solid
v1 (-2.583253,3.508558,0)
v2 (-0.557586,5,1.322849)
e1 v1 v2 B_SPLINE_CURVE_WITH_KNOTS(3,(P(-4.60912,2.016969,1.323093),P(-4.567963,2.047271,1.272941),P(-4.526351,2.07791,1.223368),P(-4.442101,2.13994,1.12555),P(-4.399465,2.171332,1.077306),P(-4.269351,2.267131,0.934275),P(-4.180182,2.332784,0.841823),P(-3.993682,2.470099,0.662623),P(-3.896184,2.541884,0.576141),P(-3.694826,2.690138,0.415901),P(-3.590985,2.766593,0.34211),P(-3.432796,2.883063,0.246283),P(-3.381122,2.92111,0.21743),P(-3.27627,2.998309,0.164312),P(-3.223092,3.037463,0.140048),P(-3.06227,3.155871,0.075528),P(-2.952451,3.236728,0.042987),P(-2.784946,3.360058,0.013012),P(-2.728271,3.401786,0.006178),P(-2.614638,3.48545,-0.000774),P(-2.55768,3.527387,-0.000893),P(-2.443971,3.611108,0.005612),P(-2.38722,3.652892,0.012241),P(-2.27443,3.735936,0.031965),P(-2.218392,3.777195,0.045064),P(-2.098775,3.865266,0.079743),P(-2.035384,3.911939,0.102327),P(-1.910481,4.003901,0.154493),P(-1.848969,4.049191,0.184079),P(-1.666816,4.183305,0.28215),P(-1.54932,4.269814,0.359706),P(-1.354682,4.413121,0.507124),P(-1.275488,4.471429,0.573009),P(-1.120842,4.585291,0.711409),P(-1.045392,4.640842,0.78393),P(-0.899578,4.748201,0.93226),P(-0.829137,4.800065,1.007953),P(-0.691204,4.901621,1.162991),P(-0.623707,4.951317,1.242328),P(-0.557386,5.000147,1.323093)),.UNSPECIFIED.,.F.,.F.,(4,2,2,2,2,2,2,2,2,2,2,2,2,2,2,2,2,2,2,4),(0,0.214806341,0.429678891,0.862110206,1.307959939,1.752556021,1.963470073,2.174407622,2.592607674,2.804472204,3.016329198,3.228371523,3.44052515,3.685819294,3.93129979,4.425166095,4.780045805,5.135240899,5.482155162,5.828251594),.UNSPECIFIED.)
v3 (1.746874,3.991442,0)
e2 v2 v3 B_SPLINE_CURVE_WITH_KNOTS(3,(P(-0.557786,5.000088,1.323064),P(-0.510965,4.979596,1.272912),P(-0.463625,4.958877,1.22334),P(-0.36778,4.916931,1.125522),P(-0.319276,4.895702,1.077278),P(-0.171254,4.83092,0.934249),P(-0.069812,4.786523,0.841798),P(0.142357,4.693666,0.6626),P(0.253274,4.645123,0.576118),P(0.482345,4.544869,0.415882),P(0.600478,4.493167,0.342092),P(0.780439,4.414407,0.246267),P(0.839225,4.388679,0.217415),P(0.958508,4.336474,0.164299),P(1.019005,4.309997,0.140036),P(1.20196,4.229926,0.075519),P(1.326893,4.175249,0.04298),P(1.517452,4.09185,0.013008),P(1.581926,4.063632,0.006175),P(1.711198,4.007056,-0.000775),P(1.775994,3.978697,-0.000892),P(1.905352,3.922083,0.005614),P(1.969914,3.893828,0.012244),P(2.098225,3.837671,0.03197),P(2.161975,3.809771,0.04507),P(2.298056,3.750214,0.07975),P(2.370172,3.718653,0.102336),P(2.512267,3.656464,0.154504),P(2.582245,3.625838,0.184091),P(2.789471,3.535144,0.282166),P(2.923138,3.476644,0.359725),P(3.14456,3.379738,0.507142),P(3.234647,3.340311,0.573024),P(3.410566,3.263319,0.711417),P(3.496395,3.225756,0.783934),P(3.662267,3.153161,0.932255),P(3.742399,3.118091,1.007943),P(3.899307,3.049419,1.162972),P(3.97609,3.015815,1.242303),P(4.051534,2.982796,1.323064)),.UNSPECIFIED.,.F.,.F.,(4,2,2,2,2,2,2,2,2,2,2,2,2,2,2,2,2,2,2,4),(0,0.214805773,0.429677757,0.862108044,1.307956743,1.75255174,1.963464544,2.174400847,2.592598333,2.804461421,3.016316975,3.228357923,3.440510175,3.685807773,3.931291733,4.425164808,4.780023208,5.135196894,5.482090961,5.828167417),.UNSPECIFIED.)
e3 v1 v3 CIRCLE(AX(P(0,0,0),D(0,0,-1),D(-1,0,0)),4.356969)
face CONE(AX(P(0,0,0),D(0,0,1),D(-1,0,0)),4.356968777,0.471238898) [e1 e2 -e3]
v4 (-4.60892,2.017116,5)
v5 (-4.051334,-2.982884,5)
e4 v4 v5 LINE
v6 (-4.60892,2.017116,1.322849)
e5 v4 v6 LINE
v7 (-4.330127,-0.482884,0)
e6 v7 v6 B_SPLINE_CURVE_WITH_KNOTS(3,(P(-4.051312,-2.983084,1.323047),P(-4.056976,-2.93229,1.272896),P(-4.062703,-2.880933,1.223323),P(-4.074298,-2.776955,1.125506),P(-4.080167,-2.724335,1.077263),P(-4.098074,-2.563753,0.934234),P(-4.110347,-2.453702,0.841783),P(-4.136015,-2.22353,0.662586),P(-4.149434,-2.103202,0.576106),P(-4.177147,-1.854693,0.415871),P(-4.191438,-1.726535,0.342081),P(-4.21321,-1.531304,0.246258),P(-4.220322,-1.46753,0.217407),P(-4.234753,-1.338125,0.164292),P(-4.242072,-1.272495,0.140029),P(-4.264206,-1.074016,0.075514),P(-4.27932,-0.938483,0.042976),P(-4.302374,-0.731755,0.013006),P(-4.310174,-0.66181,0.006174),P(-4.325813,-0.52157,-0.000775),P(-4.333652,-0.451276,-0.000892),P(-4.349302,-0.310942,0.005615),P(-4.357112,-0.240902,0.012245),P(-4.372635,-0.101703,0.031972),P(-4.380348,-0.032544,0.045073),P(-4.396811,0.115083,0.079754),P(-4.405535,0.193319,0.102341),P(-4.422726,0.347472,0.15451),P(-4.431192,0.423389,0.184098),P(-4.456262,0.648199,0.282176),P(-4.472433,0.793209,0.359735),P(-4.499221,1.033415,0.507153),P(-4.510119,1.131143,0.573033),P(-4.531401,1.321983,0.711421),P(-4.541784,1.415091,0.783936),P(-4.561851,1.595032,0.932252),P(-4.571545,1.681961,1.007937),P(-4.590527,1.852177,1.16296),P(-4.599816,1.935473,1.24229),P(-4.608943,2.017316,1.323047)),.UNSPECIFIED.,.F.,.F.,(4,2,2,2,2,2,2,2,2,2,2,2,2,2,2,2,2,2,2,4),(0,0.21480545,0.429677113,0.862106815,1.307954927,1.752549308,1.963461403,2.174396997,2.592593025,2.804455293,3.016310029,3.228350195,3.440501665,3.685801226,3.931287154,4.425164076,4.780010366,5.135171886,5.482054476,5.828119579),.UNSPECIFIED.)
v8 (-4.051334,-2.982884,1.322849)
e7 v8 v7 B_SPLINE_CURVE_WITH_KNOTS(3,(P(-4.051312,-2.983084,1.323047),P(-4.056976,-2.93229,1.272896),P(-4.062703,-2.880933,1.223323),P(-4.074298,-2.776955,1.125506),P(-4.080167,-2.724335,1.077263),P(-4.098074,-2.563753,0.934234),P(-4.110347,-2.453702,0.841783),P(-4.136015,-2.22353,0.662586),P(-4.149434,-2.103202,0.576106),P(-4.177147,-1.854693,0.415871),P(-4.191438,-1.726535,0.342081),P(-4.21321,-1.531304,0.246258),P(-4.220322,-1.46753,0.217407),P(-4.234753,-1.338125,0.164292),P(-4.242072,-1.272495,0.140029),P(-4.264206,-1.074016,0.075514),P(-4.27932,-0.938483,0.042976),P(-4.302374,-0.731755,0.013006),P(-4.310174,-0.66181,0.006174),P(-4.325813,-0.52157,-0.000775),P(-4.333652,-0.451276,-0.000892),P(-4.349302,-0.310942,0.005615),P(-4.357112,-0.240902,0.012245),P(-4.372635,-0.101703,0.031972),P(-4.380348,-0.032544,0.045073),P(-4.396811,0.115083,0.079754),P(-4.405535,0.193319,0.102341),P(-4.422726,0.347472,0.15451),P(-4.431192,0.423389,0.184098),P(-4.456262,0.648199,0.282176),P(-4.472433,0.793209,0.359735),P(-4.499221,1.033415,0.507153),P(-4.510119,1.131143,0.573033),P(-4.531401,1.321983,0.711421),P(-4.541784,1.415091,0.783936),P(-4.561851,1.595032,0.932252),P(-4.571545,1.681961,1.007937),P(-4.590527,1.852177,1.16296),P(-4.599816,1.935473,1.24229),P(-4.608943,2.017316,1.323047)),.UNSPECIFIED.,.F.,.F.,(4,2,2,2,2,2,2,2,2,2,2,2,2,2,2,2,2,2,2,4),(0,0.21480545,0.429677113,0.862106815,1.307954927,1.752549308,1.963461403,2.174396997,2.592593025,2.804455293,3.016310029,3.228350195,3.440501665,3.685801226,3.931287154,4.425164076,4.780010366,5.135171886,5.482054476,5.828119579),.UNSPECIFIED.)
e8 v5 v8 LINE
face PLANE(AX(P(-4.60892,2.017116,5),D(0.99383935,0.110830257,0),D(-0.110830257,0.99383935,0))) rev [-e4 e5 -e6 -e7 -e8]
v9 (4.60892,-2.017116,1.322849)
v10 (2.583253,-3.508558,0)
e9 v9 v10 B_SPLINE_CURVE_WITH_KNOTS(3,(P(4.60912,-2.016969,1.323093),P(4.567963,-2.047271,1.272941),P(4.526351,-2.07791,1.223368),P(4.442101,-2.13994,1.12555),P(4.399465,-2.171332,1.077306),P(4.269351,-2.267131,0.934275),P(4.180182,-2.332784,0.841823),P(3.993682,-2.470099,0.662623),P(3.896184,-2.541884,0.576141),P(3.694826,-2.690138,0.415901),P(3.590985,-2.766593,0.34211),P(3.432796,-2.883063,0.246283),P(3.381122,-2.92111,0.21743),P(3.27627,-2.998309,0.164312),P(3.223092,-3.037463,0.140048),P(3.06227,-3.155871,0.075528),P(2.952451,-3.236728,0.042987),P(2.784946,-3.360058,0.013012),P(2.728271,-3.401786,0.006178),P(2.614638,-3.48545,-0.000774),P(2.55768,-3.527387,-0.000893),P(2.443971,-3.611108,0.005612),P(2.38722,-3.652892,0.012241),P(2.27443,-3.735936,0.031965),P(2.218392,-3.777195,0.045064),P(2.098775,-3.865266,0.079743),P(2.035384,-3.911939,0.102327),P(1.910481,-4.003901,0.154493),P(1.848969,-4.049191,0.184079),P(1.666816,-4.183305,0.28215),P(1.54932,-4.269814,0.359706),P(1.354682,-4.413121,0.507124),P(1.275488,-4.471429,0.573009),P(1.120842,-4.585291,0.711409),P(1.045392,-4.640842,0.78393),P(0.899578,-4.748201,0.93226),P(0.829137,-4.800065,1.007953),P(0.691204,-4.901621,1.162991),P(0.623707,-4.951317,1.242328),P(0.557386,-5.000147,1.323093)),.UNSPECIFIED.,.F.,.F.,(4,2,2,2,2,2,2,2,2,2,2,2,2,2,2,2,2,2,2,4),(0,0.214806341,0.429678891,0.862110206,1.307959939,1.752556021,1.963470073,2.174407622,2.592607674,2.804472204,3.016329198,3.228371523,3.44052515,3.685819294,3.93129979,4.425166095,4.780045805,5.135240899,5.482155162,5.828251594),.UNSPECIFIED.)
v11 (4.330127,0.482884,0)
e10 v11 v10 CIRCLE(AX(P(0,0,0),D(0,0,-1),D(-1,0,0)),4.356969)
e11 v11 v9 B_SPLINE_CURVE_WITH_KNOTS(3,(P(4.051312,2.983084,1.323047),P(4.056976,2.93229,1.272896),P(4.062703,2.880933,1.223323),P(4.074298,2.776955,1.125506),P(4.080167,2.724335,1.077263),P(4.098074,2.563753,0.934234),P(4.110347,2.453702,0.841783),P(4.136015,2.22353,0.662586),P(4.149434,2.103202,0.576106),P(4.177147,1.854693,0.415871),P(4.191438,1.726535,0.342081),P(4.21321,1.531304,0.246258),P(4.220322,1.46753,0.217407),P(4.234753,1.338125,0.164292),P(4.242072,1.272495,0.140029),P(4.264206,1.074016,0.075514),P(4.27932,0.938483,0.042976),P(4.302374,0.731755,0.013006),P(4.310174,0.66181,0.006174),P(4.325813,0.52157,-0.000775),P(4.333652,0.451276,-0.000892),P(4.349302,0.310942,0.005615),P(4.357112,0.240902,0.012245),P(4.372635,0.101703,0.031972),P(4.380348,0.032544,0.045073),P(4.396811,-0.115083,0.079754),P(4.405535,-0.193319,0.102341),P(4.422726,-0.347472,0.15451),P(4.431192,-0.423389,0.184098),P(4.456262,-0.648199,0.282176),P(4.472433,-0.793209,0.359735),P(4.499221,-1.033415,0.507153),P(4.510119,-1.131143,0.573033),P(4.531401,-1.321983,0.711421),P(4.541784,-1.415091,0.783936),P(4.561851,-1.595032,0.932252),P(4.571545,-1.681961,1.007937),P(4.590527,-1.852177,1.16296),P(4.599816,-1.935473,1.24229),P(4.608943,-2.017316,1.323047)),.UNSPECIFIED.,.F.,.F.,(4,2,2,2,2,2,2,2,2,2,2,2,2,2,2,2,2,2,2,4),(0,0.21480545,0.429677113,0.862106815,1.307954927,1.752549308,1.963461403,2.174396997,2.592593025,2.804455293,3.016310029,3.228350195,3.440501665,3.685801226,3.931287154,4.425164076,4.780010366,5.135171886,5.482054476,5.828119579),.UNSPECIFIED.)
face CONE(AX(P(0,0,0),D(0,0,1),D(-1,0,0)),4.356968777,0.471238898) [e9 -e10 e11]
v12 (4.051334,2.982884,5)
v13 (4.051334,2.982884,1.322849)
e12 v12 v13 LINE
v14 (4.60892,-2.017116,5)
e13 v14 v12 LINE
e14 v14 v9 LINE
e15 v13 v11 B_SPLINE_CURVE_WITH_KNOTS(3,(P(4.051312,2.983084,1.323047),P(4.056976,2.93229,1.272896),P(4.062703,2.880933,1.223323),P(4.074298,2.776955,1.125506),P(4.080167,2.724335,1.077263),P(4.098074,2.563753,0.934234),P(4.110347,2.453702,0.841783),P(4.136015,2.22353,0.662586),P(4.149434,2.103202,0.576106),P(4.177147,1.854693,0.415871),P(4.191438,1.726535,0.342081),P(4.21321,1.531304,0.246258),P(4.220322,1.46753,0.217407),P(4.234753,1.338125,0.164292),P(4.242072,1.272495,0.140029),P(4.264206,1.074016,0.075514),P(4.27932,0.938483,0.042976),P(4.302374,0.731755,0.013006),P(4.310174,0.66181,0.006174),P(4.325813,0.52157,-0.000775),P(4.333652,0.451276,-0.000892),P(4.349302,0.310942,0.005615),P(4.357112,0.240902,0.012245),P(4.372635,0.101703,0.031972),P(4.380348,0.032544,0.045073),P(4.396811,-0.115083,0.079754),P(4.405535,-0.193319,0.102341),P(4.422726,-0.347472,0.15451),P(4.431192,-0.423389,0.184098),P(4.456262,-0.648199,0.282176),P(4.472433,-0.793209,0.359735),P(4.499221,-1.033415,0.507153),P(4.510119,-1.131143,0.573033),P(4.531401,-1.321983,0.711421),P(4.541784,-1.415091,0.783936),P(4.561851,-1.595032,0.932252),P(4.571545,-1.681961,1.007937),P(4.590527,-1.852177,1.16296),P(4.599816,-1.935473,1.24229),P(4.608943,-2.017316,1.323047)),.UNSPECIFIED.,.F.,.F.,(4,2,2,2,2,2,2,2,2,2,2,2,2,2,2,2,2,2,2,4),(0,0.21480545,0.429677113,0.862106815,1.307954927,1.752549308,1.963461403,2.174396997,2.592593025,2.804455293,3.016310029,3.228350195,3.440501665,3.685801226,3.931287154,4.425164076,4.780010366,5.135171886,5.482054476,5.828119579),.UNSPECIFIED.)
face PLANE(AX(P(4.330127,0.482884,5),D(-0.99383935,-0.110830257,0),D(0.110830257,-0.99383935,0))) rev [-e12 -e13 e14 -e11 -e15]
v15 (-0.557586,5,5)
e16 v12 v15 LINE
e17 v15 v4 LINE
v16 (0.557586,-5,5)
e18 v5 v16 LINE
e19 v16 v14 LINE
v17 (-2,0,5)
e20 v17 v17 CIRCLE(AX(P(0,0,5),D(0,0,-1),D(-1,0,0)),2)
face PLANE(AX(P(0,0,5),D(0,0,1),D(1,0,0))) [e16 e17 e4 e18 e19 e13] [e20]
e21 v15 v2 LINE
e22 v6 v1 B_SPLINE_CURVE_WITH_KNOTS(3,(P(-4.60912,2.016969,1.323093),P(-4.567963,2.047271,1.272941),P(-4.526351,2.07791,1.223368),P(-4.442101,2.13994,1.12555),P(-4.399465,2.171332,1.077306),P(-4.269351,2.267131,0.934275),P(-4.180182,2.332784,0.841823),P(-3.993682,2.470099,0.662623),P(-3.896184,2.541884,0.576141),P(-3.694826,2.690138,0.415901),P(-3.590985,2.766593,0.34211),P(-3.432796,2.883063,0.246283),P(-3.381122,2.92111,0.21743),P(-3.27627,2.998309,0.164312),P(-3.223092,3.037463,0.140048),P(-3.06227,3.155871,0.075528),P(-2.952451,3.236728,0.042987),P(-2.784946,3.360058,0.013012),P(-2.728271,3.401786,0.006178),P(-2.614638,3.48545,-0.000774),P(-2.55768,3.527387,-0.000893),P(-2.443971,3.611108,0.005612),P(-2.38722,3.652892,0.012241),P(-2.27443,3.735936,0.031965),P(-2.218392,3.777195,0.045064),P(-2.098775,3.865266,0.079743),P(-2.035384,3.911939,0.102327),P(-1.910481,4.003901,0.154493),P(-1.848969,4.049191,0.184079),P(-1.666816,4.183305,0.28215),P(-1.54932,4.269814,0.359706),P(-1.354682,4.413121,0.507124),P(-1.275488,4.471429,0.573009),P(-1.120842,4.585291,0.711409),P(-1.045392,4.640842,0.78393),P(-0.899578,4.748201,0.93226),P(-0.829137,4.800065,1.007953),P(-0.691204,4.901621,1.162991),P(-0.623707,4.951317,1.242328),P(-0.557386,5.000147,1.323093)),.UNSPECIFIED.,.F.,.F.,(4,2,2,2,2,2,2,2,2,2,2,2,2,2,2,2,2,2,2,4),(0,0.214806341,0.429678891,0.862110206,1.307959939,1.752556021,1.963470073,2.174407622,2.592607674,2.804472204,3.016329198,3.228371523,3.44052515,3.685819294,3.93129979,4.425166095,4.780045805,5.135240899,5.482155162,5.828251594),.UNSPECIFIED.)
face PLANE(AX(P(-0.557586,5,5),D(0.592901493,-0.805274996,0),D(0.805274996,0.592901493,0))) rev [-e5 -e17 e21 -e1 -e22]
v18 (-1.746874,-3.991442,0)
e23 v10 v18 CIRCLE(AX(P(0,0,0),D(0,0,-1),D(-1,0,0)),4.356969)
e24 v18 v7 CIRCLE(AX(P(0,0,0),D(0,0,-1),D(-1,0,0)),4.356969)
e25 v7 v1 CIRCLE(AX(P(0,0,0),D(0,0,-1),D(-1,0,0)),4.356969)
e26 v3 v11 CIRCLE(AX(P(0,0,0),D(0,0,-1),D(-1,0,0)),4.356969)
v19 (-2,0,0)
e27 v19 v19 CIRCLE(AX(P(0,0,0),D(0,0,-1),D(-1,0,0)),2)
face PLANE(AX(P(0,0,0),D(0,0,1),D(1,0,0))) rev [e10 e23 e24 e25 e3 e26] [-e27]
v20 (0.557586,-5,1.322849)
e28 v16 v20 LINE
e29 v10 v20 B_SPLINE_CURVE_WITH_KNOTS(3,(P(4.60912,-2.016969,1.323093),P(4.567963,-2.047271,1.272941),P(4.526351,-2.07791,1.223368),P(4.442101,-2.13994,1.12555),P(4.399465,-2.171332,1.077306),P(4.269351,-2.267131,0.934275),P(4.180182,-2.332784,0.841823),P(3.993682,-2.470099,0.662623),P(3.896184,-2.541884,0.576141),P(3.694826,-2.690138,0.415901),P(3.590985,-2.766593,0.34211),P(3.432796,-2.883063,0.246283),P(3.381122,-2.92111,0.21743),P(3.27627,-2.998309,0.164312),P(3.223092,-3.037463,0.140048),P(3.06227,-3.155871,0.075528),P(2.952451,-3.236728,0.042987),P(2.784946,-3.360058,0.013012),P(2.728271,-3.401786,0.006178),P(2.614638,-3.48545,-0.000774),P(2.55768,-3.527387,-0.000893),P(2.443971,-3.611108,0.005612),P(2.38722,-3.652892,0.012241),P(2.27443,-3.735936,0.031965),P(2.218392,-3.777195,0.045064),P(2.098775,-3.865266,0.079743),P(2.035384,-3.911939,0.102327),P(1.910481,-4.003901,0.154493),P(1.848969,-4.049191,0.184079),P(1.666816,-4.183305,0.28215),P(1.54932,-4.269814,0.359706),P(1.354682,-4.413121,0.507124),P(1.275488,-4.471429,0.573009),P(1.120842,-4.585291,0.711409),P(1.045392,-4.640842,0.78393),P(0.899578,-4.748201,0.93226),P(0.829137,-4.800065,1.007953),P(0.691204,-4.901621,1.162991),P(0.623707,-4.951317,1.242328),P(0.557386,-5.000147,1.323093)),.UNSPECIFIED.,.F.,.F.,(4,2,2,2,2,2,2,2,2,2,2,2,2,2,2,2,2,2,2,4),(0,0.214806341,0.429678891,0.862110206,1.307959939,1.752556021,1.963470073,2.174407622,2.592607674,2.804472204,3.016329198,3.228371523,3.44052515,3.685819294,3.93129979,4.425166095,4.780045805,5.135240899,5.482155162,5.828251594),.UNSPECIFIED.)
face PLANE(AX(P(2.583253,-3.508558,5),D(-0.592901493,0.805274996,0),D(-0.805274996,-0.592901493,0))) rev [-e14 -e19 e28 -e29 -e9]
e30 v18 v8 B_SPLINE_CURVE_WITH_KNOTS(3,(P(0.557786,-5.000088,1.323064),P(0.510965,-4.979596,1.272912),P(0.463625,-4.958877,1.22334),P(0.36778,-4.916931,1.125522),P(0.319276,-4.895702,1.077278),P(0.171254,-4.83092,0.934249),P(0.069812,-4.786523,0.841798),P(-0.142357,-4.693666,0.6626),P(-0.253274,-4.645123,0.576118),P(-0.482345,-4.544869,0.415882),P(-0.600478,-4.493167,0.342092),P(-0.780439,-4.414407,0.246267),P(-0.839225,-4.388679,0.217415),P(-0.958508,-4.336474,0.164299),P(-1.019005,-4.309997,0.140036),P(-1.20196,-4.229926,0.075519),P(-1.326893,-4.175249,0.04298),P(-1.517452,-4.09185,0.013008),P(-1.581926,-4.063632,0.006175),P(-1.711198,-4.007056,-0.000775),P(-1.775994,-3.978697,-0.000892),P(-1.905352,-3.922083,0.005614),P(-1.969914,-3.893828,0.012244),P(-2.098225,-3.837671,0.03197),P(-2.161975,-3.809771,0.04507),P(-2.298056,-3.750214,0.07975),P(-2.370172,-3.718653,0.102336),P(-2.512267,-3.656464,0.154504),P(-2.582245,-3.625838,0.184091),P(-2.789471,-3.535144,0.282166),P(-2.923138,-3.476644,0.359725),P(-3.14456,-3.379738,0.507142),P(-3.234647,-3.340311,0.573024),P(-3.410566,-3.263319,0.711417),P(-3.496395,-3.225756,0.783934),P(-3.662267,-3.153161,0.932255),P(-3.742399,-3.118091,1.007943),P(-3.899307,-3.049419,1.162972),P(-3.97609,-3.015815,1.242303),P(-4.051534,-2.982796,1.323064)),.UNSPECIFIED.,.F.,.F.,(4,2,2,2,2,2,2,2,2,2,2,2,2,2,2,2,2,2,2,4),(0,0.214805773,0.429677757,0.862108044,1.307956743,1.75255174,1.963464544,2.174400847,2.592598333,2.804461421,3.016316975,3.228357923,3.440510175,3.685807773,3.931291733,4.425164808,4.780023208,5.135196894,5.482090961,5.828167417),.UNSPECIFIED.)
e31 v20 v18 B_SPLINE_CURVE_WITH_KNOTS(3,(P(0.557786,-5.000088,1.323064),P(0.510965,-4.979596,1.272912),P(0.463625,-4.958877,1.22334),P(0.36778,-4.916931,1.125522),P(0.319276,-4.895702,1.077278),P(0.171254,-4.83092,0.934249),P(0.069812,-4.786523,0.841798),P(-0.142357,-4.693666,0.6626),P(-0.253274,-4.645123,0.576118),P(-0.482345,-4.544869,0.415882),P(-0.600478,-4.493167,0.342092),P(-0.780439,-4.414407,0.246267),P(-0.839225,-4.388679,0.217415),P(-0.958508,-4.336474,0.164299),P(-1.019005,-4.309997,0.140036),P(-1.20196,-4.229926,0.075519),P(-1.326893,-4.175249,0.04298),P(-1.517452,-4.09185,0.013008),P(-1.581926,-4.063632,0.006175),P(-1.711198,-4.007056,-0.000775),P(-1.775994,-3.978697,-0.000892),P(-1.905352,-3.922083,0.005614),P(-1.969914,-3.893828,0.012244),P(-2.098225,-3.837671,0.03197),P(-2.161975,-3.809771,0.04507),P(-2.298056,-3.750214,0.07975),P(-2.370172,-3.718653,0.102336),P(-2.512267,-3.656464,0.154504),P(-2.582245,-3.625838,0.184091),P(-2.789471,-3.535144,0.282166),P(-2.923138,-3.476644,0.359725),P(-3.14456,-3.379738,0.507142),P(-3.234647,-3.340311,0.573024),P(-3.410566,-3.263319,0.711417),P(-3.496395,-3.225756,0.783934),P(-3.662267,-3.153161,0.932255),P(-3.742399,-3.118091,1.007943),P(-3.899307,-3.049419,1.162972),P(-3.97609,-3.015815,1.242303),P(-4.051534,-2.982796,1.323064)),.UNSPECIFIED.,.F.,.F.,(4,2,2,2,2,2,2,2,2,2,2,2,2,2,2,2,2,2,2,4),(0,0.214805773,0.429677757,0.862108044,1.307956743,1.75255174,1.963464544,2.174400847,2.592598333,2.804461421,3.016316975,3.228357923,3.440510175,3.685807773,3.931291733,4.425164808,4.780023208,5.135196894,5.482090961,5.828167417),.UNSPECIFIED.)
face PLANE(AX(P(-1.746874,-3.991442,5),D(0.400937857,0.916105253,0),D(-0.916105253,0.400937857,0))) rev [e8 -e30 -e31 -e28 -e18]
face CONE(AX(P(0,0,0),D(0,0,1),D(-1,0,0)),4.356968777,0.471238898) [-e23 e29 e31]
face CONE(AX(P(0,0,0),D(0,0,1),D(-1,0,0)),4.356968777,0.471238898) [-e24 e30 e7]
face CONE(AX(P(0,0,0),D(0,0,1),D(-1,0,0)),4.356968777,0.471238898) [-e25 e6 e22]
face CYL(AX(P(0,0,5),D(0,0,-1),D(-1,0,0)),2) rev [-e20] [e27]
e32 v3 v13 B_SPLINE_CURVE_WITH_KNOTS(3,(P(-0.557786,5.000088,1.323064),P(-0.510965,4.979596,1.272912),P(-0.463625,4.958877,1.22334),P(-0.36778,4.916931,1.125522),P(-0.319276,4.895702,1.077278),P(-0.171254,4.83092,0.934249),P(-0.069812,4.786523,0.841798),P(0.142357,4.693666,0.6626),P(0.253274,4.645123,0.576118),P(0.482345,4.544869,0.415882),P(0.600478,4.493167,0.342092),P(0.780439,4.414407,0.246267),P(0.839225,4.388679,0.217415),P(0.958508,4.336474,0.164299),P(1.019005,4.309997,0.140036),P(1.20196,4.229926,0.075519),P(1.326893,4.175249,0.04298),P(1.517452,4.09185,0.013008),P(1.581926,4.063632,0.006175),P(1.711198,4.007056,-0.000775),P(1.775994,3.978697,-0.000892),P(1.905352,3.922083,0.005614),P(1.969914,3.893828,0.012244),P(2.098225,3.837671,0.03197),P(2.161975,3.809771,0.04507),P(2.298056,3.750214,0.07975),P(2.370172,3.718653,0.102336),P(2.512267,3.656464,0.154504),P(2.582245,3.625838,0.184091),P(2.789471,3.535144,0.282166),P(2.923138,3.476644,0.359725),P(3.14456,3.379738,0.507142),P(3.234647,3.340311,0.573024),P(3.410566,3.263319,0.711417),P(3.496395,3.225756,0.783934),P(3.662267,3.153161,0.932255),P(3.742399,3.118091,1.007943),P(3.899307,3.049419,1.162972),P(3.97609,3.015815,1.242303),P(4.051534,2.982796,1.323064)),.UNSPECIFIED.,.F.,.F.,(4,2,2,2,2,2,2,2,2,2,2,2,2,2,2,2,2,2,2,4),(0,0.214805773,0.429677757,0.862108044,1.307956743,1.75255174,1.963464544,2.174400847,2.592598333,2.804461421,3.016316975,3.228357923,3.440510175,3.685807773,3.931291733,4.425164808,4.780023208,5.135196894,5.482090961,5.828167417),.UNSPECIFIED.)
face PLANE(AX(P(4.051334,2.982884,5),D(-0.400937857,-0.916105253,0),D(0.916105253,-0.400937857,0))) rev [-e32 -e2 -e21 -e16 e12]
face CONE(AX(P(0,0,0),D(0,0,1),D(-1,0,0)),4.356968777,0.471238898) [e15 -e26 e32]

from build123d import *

# Parameters (mm, degrees)
BOSS_EXTRUDE2_DEPTH = 5
SKETCH2_R           = 2
CUT_EXTRUDE1_DEPTH  = 9.440506234
SKETCH3_OUTSIDE_W   = 19.212
SKETCH3_OUTSIDE_H   = 19.994
SKETCH3_OUTSIDE_R   = 4.356968777
CUT_EXTRUDE2_DEPTH  = 5
CUT_EXTRUDE2_DRAFT  = -27


with BuildPart() as part:
    # Sketch1 → Boss-Extrude2 (new body)
    with BuildSketch(Plane.XY):
        Polygon((4.608920208, -2.017116032), (4.05133383, 2.982883968), (-0.557586378, 5), (-4.608920208, 2.017116032), (-4.05133383, -2.982883968), (0.557586378, -5), align=None)
    extrude(amount=BOSS_EXTRUDE2_DEPTH)

    # Sketch2 → Cut-Extrude1 (cut, through all)
    with BuildSketch(Plane(origin=(0, 0, 0), x_dir=(-1, 0, 0), z_dir=(0, 0, -1))):
        Circle(SKETCH2_R)
    extrude(amount=-CUT_EXTRUDE1_DEPTH, mode=Mode.SUBTRACT)


with BuildPart() as cut_extrude2_tool:
    # Sketch3 outside → Cut-Extrude2 (with draft: the straight prism first)
    with BuildSketch(Plane(origin=(0, 0, 0), x_dir=(-1, 0, 0), z_dir=(0, 0, -1))):
        Rectangle(SKETCH3_OUTSIDE_W, SKETCH3_OUTSIDE_H)
        Circle(SKETCH3_OUTSIDE_R, mode=Mode.SUBTRACT)
    extrude(amount=-CUT_EXTRUDE2_DEPTH)
    # Cut-Extrude2: the draft: its side faces are tilted about the plane it starts from
    cut_extrude2_sides = [cut_extrude2_tool.faces().sort_by_distance(p)[0] for p in [
        (0, -9.997, 2.5),
        (-9.606, 0, 2.5),
        (0, 9.997, 2.5),
        (9.606, 0, 2.5),
        (4.356968777, 0, 2.5),
    ]]
    draft(cut_extrude2_sides, Plane(origin=(0, 0, 0), x_dir=(-1, 0, 0), z_dir=(0, 0, -1)), CUT_EXTRUDE2_DRAFT)


with BuildPart() as part_1:
    add(part.part)

    # Cut-Extrude2: cut by cut_extrude2_tool
    add(cut_extrude2_tool.part, mode=Mode.SUBTRACT)


solid = part_1.part
